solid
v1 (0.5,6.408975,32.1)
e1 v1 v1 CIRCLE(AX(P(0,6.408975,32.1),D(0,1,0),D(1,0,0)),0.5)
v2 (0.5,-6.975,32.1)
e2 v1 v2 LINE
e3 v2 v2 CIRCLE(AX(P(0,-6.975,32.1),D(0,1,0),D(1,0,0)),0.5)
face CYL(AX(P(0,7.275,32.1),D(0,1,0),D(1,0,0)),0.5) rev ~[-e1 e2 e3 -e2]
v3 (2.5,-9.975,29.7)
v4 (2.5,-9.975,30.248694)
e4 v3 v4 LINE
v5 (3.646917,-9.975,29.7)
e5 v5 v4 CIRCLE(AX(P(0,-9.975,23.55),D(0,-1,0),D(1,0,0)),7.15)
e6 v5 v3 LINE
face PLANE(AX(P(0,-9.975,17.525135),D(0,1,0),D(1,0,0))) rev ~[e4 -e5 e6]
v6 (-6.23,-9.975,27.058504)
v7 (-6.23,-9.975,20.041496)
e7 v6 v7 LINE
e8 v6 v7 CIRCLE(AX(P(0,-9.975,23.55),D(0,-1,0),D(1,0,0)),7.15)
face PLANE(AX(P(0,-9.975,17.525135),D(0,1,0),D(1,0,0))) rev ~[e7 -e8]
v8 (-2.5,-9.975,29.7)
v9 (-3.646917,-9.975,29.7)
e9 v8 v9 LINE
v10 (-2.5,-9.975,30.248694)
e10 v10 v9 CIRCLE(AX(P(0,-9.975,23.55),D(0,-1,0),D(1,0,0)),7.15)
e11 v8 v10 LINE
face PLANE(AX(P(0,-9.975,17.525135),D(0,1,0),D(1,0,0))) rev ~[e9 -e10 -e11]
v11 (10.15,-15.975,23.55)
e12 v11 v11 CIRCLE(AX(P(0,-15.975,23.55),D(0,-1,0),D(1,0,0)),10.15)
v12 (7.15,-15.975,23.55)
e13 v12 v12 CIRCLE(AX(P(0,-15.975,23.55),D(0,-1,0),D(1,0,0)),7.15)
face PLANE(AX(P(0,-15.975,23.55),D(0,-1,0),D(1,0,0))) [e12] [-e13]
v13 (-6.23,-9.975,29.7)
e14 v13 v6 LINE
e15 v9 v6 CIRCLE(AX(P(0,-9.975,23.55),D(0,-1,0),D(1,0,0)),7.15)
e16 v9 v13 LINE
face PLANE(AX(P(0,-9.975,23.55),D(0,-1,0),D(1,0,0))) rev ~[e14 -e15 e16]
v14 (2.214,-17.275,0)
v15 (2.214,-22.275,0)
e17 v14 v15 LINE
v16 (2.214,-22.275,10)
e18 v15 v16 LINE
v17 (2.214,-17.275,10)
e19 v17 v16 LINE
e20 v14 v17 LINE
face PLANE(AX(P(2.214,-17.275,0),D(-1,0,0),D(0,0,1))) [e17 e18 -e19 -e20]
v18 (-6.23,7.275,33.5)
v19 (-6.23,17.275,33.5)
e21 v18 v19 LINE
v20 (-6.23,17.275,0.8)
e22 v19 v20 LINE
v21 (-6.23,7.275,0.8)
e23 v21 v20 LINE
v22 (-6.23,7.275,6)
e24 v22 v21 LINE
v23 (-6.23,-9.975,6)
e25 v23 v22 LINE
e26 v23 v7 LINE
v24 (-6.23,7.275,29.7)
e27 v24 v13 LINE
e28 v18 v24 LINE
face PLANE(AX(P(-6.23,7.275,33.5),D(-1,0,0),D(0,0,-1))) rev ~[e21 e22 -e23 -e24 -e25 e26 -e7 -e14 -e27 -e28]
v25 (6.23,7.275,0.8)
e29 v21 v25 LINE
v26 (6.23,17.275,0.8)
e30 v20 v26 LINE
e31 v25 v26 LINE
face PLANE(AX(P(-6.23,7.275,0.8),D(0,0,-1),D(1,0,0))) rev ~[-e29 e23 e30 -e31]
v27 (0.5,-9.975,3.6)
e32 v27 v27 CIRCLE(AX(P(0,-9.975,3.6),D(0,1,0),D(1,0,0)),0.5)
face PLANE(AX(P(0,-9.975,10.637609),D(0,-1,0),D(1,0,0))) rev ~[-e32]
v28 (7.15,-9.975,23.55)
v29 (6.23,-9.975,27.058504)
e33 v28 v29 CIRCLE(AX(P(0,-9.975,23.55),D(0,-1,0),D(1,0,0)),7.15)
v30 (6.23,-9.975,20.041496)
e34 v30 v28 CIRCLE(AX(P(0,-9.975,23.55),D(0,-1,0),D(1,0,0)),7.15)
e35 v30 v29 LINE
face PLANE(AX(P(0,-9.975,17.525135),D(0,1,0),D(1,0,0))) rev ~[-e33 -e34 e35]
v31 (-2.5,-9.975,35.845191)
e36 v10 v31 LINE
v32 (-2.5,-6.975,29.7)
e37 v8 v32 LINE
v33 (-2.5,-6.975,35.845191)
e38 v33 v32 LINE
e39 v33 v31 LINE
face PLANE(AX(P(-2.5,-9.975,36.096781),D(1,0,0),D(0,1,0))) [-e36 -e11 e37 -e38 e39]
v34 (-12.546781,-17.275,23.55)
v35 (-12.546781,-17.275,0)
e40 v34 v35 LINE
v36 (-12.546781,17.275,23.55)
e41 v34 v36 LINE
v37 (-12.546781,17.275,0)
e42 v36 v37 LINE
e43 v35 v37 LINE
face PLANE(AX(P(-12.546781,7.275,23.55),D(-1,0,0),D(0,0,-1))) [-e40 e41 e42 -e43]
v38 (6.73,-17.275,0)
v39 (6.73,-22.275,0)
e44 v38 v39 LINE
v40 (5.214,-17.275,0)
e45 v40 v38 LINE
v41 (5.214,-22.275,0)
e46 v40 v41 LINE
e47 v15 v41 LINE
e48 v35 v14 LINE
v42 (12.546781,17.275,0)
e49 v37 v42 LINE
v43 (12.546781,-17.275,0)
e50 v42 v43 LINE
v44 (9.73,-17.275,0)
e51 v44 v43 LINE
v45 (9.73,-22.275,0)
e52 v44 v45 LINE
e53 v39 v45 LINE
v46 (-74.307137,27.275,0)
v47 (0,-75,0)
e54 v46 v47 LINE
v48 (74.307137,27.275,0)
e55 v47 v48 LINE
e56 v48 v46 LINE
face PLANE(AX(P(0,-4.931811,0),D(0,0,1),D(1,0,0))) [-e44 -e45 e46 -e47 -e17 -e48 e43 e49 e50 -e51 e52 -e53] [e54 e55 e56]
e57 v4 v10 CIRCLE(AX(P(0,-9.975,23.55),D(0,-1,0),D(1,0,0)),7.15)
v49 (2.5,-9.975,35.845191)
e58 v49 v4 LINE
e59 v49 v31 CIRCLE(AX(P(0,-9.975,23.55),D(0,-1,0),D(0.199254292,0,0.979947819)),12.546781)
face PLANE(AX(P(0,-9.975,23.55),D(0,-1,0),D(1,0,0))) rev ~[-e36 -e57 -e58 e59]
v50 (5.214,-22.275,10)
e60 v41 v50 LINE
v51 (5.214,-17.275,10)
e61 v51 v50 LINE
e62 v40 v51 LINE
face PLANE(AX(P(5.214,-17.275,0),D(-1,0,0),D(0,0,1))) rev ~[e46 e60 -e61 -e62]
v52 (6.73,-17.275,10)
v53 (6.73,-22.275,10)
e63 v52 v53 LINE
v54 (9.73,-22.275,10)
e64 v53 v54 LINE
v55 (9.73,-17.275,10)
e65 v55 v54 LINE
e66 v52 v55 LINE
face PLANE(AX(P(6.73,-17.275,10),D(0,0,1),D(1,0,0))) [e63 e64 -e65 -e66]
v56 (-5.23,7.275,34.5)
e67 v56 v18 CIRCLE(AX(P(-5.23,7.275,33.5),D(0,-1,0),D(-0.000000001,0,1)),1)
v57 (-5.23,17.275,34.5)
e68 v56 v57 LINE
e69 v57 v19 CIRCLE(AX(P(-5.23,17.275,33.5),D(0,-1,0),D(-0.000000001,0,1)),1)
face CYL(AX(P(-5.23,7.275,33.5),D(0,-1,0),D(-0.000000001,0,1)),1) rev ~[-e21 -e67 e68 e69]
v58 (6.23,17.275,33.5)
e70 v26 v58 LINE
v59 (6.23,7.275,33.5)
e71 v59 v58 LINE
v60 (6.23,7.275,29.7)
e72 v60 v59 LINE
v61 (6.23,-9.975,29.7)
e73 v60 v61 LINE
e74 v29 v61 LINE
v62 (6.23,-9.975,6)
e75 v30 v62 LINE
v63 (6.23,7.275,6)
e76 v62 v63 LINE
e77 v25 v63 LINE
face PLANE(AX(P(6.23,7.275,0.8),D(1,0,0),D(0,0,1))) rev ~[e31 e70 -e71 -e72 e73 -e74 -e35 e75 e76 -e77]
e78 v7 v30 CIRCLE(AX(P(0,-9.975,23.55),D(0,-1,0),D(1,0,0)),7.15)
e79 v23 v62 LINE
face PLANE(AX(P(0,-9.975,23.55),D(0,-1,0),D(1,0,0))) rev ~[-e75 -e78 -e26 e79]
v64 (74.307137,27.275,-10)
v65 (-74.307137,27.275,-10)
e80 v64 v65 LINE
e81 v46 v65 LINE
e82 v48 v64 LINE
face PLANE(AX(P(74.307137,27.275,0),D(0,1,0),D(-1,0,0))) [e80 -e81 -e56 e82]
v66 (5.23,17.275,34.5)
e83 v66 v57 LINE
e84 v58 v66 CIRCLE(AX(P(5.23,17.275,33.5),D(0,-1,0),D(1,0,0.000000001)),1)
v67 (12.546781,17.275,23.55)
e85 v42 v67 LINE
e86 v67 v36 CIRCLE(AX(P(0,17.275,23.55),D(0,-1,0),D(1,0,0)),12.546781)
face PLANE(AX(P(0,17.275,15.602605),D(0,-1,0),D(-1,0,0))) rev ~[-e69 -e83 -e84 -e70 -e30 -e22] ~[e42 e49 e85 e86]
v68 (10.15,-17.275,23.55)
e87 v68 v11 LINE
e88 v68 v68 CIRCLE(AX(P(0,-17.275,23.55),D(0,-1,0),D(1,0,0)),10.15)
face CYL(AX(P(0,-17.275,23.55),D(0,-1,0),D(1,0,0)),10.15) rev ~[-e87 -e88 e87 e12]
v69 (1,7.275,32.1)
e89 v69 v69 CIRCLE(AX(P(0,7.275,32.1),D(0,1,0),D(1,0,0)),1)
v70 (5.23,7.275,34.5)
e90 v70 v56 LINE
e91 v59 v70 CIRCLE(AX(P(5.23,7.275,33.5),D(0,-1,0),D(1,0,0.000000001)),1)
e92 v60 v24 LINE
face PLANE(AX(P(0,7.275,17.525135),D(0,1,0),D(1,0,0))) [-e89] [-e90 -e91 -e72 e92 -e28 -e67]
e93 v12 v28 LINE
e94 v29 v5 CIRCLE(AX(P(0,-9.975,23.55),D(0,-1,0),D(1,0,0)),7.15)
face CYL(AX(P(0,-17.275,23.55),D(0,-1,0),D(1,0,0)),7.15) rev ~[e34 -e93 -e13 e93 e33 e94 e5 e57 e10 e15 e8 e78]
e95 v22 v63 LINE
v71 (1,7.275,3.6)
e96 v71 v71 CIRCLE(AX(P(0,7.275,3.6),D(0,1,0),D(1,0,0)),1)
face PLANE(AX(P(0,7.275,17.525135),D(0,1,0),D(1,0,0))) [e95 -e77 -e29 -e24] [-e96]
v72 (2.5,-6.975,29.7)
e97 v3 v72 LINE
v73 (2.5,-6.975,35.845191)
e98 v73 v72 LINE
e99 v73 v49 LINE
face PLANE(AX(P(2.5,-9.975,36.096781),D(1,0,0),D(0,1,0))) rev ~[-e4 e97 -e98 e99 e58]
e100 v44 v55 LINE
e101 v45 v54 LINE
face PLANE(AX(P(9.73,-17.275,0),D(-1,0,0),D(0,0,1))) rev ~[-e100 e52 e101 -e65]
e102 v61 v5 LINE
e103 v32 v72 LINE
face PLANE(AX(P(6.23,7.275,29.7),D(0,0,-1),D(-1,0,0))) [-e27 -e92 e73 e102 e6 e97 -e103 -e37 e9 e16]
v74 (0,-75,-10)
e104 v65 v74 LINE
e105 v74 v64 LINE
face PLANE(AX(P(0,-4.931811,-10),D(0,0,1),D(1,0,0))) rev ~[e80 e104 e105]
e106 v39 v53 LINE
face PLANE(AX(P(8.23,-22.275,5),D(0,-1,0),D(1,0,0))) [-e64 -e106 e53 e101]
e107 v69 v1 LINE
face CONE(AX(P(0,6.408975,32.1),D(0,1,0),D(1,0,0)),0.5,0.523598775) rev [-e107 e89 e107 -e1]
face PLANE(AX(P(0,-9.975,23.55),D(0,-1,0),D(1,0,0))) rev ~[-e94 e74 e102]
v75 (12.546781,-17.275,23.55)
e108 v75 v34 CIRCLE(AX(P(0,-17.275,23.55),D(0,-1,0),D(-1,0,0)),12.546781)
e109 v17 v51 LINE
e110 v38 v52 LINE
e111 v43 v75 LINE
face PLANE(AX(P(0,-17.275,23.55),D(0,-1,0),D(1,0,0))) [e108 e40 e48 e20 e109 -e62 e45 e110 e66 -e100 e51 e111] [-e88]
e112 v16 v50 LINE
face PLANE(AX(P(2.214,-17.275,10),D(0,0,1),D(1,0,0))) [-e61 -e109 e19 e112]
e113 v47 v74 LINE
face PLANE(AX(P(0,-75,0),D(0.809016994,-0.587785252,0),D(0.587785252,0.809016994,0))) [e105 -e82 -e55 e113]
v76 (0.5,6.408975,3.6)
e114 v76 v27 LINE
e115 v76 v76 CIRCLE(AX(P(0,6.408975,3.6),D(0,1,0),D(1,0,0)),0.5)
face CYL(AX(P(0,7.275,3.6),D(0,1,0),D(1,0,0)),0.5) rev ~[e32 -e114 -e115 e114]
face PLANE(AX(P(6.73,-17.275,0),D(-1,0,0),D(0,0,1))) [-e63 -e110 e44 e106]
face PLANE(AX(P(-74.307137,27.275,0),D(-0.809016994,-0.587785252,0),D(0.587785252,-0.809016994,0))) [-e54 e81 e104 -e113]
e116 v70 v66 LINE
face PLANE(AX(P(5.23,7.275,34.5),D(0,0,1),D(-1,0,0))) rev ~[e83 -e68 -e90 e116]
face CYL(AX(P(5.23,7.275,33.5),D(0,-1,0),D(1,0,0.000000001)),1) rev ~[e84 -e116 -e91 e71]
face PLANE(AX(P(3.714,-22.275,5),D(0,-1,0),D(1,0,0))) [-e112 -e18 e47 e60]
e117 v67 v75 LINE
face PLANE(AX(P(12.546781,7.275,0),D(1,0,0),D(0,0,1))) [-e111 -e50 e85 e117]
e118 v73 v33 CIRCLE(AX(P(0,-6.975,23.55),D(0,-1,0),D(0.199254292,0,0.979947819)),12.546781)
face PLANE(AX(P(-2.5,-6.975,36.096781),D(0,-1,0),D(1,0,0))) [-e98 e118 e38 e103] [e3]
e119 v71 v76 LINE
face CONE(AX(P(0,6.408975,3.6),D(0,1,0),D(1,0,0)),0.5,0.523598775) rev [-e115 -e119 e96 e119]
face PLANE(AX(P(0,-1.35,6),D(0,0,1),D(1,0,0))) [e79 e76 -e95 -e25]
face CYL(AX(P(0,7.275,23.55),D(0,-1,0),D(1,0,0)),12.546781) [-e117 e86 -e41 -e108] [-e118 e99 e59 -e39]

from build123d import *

# Parameters (mm, degrees)
SKETCH4_W                = 12.46
SKETCH4_H                = 17.25
BOSS_EXTRUDE3_DEPTH      = 6
SKETCH8_R                = 12.546781182
SKETCH8_R_2              = 11.15
BOSS_EXTRUDE6_DEPTH      = 7.3
BOSS_EXTRUDE6_DEPTH_BACK = 17.25
BOSS_EXTRUDE4_DEPTH      = 17.25
SKETCH6_R                = 0.5
CUT_EXTRUDE1_DEPTH       = 20
CHAMFER1_SIZE            = 0.5
CHAMFER1_SIZE2           = 0.866025404
SKETCH10_W               = 12.46
SKETCH10_H               = 23.7
CUT_EXTRUDE3_DEPTH       = 17.25
CUT_EXTRUDE4_REACH       = 38.097
SKETCH11_W               = 5
SKETCH11_H               = 3
BOSS_EXTRUDE7_DEPTH      = 7.3
BOSS_EXTRUDE9_DEPTH      = 10
SKETCH16_R               = 11.15
SKETCH16_R_2             = 7.15
BOSS_EXTRUDE10_DEPTH     = 7.3
SKETCH17_R               = 10.15
SKETCH17_R_2             = 7.15
CUT_EXTRUDE5_DEPTH       = 1.3
SKETCH18_W               = 3
SKETCH18_H               = 10
BOSS_EXTRUDE11_DEPTH     = 5
OFFSET_R_DEPTH           = 10


with BuildPart() as part:
    # Sketch4 → Boss-Extrude3 (new body)
    with BuildSketch(Plane.XY):
        with Locations((0, -1.35)):
            Rectangle(SKETCH4_W, SKETCH4_H)
    extrude(amount=BOSS_EXTRUDE3_DEPTH)



with BuildPart() as body_2:
    # Sketch8 → Boss-Extrude6 (new body, two sides)
    with BuildSketch(Plane(origin=(0, -9.975, 0), x_dir=(-1, 0, 0), z_dir=(0, -1, 0))) as boss_extrude6_sk:
        with Locations((0, -23.55)):
            Circle(SKETCH8_R)
        with Locations((0, -23.55)):
            Circle(SKETCH8_R_2, mode=Mode.SUBTRACT)
    extrude(amount=BOSS_EXTRUDE6_DEPTH)
    extrude(boss_extrude6_sk.sketch, amount=-BOSS_EXTRUDE6_DEPTH_BACK)


with BuildPart() as part_1:
    add(part.part)

    add(body_2.part)  # Boss-Extrude4 merges body 2
    # Sketch5 → Boss-Extrude4 (add)
    with BuildSketch(Plane(origin=(0, 7.275, 0), x_dir=(1, 0, 0), z_dir=(0, 1, 0))):
        with BuildLine():
            Line((12.546781182, -23.55), (12.546781182, 0))
            Line((12.546781182, 0), (6.23, 0))
            Line((6.23, 0), (6.23, -29.7))
            Line((6.23, -29.7), (-6.23, -29.7))
            Line((-6.23, -29.7), (-6.23, 0))
            Line((-6.23, 0), (-12.546781182, 0))
            Line((-12.546781182, 0), (-12.546781182, -23.55))
            ThreePointArc((-12.546781182, -23.55), (0, -36.096781182), (12.546781182, -23.55))
        make_face()
    extrude(amount=-BOSS_EXTRUDE4_DEPTH)

    # Sketch6 → Cut-Extrude1 (cut)
    with BuildSketch(Plane(origin=(0, 7.275, 0), x_dir=(1, 0, 0), z_dir=(0, 1, 0))):
        with Locations((0, -3.6)):
            Circle(SKETCH6_R)
        with Locations((0, -32.1)):
            Circle(SKETCH6_R)
    extrude(amount=-CUT_EXTRUDE1_DEPTH, mode=Mode.SUBTRACT)

    # Chamfer1
    chamfer1_edges = [part_1.edges().sort_by_distance(p)[0] for p in [
        (-0.5, 7.275, 3.6),
        (-0.5, 7.275, 32.1),
    ]]
    chamfer1_side = [part_1.faces().sort_by_distance(p)[0] for p in [
        (0, 7.275, 35.657160381),
    ]]
    chamfer(chamfer1_edges, length=CHAMFER1_SIZE, length2=CHAMFER1_SIZE2, reference=chamfer1_side[0])

    # Sketch10 → Cut-Extrude3 (cut)
    with BuildSketch(Plane(origin=(0, 7.275, 0), x_dir=(1, 0, 0), z_dir=(0, 1, 0))):
        with Locations((0, -17.85)):
            Rectangle(SKETCH10_W, SKETCH10_H)
    extrude(amount=-CUT_EXTRUDE3_DEPTH, mode=Mode.SUBTRACT)

    # Sketch11 → Cut-Extrude4 (cut, up to next)
    with BuildSketch(Plane.XY.offset(36.096781182), mode=Mode.PRIVATE) as cut_extrude4_sk1:
        with Locations((0, -8.475)):
            Rectangle(SKETCH11_W, SKETCH11_H)
    cut_extrude4_tool1 = extrude(cut_extrude4_sk1.sketch, amount=-CUT_EXTRUDE4_REACH, mode=Mode.PRIVATE) & part_1.part
    add(cut_extrude4_tool1.solids().sort_by_distance((0, -8.475, 36.096781))[0], mode=Mode.SUBTRACT)

    # Sketch13 → Boss-Extrude7 (add)
    with BuildSketch(Plane.XZ.offset(17.275)):
        with BuildLine():
            Line((-12.546781182, 23.55), (-12.546781182, 0))
            Line((-12.546781182, 0), (12.546781182, 0))
            Line((12.546781182, 0), (12.546781182, 23.55))
            ThreePointArc((12.546781182, 23.55), (0, 11.003218818), (-12.546781182, 23.55))
        make_face()
    extrude(amount=-BOSS_EXTRUDE7_DEPTH)

    # Sketch15 → Boss-Extrude9 (add)
    with BuildSketch(Plane(origin=(0, 7.275, 0), x_dir=(1, 0, 0), z_dir=(0, 1, 0))):
        with BuildLine():
            Line((-12.546781182, 0), (12.546781182, 0))
            Line((12.546781182, 0), (12.546781182, -23.55))
            ThreePointArc((12.546781182, -23.55), (0, -36.096781182), (-12.546781182, -23.55))
            Line((-12.546781182, -23.55), (-12.546781182, 0))
        make_face()
        with BuildLine():
            Line((-6.23, -0.8), (6.23, -0.8))
            Line((6.23, -0.8), (6.23, -33.5))
            ThreePointArc((6.23, -33.5), (5.937106781, -34.207106781), (5.23, -34.5))
            Line((5.23, -34.5), (-5.23, -34.5))
            ThreePointArc((-5.23, -34.5), (-5.937106781, -34.207106781), (-6.23, -33.5))
            Line((-6.23, -33.5), (-6.23, -0.8))
        make_face(mode=Mode.SUBTRACT)
    extrude(amount=BOSS_EXTRUDE9_DEPTH)

    # Sketch16 → Boss-Extrude10 (add)
    with BuildSketch(Plane.XZ.offset(17.275)):
        with Locations((0, 23.55)):
            Circle(SKETCH16_R)
        with Locations((0, 23.55)):
            Circle(SKETCH16_R_2, mode=Mode.SUBTRACT)
    extrude(amount=-BOSS_EXTRUDE10_DEPTH)

    # Sketch17 → Cut-Extrude5 (cut)
    with BuildSketch(Plane.XZ.offset(17.275)):
        with Locations((0, 23.55)):
            Circle(SKETCH17_R)
        with Locations((0, 23.55)):
            Circle(SKETCH17_R_2, mode=Mode.SUBTRACT)
    extrude(amount=-CUT_EXTRUDE5_DEPTH, mode=Mode.SUBTRACT)

    # Sketch18 → Boss-Extrude11 (add)
    with BuildSketch(Plane.XZ.offset(17.275)):
        with Locations((8.23, 5)):
            Rectangle(SKETCH18_W, SKETCH18_H)
        with Locations((3.714, 5)):
            Rectangle(SKETCH18_W, SKETCH18_H)
    extrude(amount=BOSS_EXTRUDE11_DEPTH)

    # Sketch1 → Offset R (add)
    with BuildSketch(Plane.XY):
        Polygon((0, -75), (74.307137052, 27.275), (-74.307137052, 27.275), align=None)
    extrude(amount=-OFFSET_R_DEPTH)


solid = part_1.part
